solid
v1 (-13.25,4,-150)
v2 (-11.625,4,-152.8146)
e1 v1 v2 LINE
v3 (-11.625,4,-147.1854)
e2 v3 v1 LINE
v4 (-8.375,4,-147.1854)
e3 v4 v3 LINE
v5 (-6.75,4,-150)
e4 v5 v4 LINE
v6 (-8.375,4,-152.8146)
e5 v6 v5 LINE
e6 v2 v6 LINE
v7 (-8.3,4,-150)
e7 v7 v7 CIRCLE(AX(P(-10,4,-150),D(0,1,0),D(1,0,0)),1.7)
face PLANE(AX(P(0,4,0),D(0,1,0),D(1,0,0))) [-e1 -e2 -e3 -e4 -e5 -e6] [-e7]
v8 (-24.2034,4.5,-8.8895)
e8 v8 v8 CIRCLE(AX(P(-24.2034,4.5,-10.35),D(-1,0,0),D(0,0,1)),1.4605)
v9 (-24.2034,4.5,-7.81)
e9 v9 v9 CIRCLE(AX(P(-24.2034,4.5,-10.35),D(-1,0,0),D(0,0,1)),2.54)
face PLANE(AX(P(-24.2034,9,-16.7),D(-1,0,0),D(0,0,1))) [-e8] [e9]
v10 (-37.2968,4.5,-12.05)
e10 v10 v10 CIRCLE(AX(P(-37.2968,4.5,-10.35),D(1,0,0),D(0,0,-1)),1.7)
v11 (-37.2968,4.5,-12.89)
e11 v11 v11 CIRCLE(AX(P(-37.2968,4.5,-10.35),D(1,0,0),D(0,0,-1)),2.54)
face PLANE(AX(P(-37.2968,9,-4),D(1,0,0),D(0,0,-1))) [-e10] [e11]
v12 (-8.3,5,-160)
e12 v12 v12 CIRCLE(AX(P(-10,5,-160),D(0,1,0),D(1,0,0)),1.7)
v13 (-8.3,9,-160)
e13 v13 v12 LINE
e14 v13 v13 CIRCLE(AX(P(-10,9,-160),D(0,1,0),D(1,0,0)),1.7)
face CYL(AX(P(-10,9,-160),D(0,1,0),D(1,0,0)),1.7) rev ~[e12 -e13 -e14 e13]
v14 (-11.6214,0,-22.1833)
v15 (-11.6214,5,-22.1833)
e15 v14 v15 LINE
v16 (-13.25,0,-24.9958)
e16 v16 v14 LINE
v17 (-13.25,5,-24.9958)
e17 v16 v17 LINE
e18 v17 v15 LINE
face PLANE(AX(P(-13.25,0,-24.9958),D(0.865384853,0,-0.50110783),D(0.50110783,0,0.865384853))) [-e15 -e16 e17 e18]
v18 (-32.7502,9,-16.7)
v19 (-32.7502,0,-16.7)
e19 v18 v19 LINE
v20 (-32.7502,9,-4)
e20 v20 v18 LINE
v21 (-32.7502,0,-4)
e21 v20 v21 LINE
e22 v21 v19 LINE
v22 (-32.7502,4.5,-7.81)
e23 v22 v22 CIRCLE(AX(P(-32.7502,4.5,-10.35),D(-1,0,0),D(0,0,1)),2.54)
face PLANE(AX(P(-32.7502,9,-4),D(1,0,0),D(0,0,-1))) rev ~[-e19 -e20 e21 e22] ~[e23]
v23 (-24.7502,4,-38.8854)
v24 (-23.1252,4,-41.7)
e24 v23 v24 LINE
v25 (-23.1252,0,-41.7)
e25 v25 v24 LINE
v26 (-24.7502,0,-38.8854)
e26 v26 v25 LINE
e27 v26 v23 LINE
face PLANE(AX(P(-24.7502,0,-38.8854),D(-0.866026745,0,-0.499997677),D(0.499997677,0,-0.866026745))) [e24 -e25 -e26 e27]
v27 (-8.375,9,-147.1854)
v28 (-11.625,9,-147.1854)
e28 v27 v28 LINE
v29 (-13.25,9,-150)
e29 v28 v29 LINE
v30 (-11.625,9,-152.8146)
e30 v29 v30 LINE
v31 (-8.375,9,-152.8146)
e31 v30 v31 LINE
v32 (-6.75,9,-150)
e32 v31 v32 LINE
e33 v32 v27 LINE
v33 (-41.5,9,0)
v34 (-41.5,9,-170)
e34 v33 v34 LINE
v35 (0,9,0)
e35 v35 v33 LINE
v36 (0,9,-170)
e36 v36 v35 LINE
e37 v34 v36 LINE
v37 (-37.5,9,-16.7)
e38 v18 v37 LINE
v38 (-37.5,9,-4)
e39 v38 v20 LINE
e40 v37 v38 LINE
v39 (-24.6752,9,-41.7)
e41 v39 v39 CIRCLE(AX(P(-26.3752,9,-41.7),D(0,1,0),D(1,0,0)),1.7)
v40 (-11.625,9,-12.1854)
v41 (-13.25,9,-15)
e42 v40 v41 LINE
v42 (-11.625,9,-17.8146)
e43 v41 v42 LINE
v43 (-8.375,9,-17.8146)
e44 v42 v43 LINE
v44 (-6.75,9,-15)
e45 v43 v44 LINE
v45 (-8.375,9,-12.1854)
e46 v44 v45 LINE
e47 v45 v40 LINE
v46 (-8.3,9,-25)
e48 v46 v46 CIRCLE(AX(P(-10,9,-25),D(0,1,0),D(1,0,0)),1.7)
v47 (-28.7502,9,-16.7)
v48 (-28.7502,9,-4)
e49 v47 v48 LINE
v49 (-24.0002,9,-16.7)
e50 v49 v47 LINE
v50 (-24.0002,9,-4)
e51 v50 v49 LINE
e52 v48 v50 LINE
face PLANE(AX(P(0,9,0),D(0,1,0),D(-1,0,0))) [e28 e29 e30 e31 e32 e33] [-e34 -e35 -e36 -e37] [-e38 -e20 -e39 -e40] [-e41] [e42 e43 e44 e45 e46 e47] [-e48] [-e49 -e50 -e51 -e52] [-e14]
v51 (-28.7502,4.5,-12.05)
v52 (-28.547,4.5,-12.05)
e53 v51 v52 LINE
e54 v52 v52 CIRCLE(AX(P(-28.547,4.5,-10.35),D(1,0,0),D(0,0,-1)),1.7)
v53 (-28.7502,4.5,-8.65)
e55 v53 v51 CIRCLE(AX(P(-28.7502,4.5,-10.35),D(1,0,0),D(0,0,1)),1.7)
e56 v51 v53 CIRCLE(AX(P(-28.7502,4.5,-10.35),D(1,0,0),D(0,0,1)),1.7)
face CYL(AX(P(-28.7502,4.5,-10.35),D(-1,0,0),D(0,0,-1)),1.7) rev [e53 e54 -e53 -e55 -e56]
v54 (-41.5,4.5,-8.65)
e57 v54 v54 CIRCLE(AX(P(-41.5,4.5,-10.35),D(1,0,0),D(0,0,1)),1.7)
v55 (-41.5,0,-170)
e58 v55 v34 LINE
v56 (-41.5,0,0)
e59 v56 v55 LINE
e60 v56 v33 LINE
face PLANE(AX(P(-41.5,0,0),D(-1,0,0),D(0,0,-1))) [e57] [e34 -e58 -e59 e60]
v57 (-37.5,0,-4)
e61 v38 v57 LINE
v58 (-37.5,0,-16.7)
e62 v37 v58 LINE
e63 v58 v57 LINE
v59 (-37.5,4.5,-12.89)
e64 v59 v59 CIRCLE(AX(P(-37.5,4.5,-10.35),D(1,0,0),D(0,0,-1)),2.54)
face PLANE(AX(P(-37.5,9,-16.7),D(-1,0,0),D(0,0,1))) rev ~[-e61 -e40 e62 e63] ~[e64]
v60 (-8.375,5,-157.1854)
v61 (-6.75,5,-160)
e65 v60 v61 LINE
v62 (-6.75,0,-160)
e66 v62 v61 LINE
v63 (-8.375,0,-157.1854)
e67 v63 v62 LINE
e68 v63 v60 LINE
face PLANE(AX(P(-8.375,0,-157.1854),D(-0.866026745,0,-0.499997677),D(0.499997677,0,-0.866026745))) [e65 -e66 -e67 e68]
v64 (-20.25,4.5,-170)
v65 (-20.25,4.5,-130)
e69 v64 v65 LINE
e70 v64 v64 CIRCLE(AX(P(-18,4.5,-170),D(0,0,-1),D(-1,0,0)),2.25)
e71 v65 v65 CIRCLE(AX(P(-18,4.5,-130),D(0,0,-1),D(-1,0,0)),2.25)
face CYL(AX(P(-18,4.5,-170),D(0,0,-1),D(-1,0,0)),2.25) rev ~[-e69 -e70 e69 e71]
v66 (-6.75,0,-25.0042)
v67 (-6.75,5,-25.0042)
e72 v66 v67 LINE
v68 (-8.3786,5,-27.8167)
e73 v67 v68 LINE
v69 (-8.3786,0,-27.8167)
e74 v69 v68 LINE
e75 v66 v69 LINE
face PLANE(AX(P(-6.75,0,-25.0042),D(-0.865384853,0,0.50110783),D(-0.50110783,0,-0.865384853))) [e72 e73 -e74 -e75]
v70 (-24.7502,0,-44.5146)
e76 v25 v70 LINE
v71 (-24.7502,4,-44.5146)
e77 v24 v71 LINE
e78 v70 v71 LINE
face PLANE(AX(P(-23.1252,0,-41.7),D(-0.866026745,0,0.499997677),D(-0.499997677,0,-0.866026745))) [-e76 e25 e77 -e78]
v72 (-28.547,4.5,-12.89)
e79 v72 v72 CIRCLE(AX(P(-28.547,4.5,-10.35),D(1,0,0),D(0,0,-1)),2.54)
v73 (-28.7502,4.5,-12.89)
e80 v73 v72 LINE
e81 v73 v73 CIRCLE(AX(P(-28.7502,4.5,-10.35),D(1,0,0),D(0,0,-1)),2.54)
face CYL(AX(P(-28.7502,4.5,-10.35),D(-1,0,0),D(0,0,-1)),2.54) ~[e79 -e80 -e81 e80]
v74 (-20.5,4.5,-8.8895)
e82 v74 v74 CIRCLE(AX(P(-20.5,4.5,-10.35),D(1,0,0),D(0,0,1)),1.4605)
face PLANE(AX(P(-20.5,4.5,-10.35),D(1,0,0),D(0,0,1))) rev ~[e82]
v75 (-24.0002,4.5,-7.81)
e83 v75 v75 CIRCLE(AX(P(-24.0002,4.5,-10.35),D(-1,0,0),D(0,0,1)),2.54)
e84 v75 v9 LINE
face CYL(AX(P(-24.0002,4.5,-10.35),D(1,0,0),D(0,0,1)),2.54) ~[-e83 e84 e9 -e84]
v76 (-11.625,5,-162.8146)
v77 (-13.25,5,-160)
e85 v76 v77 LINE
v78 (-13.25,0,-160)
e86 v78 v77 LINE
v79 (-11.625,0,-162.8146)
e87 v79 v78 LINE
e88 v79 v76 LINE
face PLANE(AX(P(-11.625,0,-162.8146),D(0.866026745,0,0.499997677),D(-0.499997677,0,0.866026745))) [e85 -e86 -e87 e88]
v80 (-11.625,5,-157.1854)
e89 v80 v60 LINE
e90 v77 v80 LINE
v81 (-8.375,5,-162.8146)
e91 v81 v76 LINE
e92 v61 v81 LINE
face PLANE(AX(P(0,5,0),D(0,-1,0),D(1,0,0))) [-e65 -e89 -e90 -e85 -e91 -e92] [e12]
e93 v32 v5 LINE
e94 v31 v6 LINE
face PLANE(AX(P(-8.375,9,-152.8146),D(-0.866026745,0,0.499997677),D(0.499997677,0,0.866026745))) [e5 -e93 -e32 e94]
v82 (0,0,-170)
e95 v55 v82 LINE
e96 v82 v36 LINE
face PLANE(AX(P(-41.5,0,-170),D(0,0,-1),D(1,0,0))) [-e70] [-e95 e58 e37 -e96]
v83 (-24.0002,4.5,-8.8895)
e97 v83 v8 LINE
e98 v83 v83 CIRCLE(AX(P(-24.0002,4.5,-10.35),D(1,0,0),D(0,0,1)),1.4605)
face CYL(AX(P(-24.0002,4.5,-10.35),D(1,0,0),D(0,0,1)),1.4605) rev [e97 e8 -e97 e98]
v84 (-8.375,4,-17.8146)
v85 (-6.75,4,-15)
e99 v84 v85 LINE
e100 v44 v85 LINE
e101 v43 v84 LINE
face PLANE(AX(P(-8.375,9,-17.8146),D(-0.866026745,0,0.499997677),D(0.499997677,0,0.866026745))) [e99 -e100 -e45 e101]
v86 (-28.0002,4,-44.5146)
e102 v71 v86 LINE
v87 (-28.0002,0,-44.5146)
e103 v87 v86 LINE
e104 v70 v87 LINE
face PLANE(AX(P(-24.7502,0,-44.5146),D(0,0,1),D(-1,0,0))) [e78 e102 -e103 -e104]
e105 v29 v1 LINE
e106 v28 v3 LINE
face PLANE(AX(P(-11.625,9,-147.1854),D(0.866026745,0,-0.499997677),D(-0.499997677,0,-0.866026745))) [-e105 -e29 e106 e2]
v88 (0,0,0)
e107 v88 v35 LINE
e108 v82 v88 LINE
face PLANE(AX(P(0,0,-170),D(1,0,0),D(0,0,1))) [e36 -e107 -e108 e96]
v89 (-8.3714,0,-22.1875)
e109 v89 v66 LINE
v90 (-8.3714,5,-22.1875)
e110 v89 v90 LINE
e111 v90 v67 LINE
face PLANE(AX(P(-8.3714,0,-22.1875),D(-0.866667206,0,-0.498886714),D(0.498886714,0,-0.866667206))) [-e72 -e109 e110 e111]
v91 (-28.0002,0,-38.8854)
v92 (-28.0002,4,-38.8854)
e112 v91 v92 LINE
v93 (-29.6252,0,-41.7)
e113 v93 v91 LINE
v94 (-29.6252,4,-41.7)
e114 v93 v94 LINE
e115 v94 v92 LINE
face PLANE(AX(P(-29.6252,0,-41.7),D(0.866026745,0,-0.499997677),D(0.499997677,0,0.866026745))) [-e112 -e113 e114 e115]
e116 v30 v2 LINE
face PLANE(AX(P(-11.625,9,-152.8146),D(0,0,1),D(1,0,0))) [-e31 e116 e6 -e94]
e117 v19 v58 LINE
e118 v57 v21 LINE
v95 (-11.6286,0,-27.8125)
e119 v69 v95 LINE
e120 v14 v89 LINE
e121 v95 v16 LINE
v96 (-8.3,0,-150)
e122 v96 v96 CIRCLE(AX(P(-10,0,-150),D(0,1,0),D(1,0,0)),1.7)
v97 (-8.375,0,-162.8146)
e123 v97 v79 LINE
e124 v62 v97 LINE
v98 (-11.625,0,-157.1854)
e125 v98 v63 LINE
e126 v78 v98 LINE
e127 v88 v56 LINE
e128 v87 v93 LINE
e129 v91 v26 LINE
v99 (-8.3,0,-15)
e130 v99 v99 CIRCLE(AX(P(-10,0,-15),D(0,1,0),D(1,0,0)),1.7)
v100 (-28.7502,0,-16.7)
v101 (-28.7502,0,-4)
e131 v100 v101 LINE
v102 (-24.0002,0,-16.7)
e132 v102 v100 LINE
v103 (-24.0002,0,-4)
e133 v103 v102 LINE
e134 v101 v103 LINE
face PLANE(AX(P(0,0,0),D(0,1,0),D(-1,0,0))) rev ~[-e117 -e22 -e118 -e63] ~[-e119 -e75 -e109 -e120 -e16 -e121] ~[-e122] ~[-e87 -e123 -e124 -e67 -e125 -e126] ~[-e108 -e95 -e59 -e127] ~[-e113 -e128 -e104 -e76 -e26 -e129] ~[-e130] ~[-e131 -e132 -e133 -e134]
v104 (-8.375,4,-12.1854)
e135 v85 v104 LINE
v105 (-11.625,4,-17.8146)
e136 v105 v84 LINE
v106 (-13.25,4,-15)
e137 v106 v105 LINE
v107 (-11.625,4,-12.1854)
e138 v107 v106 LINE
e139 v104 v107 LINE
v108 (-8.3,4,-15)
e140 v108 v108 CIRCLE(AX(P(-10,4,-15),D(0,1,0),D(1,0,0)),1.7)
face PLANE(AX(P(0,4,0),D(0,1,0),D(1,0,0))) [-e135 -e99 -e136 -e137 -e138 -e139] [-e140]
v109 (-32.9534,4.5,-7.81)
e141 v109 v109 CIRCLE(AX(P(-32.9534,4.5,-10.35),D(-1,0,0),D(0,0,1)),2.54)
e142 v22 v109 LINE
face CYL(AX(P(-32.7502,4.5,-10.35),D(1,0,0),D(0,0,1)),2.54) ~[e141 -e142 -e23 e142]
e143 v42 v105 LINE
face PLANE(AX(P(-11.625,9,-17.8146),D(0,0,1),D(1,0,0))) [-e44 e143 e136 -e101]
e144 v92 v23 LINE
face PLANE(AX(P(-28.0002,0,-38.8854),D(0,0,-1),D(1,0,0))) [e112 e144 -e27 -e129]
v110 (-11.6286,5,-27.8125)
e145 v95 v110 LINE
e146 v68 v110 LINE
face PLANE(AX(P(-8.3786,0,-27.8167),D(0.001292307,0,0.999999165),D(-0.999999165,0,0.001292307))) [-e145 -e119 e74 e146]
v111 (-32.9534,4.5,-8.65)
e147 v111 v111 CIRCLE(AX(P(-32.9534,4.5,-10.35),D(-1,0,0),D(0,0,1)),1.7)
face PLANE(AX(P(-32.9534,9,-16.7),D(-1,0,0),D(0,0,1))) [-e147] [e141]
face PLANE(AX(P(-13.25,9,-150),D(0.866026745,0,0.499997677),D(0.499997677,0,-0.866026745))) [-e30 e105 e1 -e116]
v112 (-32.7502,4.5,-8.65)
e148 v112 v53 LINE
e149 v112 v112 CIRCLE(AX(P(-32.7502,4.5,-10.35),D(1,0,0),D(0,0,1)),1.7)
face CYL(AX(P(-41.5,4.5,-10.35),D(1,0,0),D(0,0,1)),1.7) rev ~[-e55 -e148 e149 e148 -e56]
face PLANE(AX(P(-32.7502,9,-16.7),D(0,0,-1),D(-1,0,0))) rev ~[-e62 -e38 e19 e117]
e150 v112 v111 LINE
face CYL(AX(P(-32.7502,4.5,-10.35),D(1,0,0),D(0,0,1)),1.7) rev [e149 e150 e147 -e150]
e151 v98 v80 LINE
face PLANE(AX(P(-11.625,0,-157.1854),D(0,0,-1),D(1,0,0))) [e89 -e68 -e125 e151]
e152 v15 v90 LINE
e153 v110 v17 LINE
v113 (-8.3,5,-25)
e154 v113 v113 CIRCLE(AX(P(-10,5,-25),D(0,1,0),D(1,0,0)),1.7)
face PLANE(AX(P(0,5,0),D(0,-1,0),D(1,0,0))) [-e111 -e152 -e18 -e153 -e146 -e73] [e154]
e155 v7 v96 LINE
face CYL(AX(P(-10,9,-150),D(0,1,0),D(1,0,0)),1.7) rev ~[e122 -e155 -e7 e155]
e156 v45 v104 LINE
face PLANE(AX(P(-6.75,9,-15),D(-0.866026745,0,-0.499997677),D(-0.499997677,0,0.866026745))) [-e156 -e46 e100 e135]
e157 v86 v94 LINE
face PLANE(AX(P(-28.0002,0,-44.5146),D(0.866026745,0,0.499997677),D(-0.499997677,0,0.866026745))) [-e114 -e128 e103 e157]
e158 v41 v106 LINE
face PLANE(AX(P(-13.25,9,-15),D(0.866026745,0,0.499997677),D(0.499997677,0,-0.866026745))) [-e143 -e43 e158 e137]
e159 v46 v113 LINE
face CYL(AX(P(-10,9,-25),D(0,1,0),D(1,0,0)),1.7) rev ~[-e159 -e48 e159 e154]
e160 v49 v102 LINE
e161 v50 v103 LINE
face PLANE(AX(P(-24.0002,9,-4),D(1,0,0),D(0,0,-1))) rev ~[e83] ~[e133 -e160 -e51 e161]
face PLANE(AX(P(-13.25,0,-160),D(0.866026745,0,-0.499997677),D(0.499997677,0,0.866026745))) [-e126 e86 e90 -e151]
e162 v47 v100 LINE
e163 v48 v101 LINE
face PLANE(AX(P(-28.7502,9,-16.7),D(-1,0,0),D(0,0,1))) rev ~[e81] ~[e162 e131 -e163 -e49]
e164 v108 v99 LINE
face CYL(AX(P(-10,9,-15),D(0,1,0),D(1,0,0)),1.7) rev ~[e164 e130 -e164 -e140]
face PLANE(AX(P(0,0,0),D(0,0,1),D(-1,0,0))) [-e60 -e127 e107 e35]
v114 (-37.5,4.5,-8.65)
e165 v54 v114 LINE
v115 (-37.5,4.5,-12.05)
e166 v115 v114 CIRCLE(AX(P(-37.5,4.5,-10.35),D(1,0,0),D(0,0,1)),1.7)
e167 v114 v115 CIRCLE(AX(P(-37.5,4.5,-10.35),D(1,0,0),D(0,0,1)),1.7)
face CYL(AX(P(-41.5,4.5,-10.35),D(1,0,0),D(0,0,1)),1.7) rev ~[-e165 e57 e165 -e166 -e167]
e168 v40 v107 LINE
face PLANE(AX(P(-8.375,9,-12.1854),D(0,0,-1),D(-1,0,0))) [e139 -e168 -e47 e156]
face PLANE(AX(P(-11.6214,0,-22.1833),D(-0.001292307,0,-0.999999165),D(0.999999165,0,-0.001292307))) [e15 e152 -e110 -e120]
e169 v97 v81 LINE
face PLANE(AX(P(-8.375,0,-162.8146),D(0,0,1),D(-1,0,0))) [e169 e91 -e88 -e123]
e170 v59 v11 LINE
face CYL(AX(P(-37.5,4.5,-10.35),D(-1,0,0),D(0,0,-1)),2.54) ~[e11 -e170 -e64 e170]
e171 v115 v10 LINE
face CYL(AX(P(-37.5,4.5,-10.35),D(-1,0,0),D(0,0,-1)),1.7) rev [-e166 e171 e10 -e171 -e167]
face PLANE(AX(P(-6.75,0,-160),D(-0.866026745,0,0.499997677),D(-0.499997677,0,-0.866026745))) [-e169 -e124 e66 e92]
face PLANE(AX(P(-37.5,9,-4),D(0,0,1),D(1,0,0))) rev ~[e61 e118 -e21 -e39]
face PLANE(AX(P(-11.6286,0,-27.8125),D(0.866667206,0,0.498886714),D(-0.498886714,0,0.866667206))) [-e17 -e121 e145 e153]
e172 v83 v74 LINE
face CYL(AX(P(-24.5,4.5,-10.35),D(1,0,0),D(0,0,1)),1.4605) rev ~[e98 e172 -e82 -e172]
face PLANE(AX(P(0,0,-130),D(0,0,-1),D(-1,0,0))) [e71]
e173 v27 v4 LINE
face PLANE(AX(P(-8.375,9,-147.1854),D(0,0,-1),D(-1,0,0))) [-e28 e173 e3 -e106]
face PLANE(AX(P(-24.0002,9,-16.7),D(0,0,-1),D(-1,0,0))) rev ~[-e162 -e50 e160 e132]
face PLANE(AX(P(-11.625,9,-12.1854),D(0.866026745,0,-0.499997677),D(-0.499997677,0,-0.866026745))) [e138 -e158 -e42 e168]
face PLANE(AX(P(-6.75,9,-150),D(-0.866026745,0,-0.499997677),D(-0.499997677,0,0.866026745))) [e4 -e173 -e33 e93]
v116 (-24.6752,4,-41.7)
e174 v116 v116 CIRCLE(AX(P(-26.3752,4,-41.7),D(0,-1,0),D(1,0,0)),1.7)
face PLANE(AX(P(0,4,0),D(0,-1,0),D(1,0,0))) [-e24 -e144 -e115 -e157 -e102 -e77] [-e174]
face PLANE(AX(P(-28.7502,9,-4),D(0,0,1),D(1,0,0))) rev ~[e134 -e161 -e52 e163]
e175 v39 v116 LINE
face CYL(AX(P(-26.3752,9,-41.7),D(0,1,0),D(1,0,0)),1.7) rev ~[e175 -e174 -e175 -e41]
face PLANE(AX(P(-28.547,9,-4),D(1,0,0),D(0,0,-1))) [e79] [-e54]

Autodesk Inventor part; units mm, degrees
ref_plane "YZ Plane" through (0, 0, 0) normal (1, 0, 0) x (0, 1, 0)
ref_plane "XZ Plane" through (0, 0, 0) normal (0, 1, 0) x (-1, 0, 0)
ref_plane "XY Plane" through (0, 0, 0) normal (0, 0, 1) x (1, 0, 0)
sketch "Sketch1" plane through (0, 0, 0) normal (0, 1, 0) x (-1, 0, 0)
  line L0 (0, 0) -> (41.5, 0)
  line L1 (41.5, 0) -> (41.5, -170)
  line L2 (41.5, -170) -> (0, -170)
  line L3 (0, -170) -> (0, 0)
  dimension "d0" = 41.5
  dimension "d1" = 170
extrude "Extrusion1" add sketch "Sketch1" along normal blind 9
sketch "Sketch2" plane through (0, 9, 0) normal (0, 1, 0) x (1, 0, 0)
  circle A0 centre (-10, 15) radius 3.25 construction
  line L0 (-41.5, 0) -> (0, 0) projected
  line L1 (0, 0) -> (0, 170) projected
  line L2 (-13.25, 15) -> (-11.625, 17.8146)
  line L3 (-11.625, 17.8146) -> (-8.375, 17.8146)
  line L4 (-8.375, 17.8146) -> (-6.75, 15)
  line L5 (-6.75, 15) -> (-8.375, 12.1854)
  line L6 (-8.375, 12.1854) -> (-11.625, 12.1854)
  line L7 (-11.625, 12.1854) -> (-13.25, 15)
  circle A1 centre (-10, 150) radius 3.25 construction
  line L8 (-13.25, 150) -> (-11.625, 152.8146)
  line L9 (-11.625, 152.8146) -> (-8.375, 152.8146)
  line L10 (-8.375, 152.8146) -> (-6.75, 150)
  line L11 (-6.75, 150) -> (-8.375, 147.1854)
  line L12 (-8.375, 147.1854) -> (-11.625, 147.1854)
  line L13 (-11.625, 147.1854) -> (-13.25, 150)
  line L14 (0, 170) -> (-41.5, 170) projected
  circle A2 centre (-10, 15) radius 1.7 construction
  circle A3 centre (-10, 150) radius 1.7 construction
  dimension "d7" = 6.5
  dimension "d10" = 6.5
  dimension "d23" = 135
  dimension "d24" = 15
  dimension "d25" = 10
  dimension "d28" = 3.4
  dimension "d29" = 3.4
extrude "Extrusion2" cut sketch "Sketch2" against normal blind 5
sketch "Sketch3" plane through (0, 0, 0) normal (0, -1, 0) x (1, 0, 0)
  circle A0 centre (-10, -25) radius 3.25 construction
  line L0 (0, 0) -> (-41.5, 0) projected
  line L1 (-41.5, 0) -> (-41.5, -170) projected
  line L2 (-11.6286, -27.8125) -> (-13.25, -24.9958)
  line L3 (-13.25, -24.9958) -> (-11.6214, -22.1833)
  line L4 (-11.6214, -22.1833) -> (-8.3714, -22.1875)
  line L5 (-8.3714, -22.1875) -> (-6.75, -25.0042)
  line L6 (-6.75, -25.0042) -> (-8.3786, -27.8167)
  line L7 (-8.3786, -27.8167) -> (-11.6286, -27.8125)
  circle A1 centre (-10, -160) radius 3.25 construction
  line L8 (-6.75, -160) -> (-8.375, -162.8146)
  line L9 (-8.375, -162.8146) -> (-11.625, -162.8146)
  line L10 (-11.625, -162.8146) -> (-13.25, -160)
  line L11 (-13.25, -160) -> (-11.625, -157.1854)
  line L12 (-11.625, -157.1854) -> (-8.375, -157.1854)
  line L13 (-8.375, -157.1854) -> (-6.75, -160)
  line L14 (0, -170) -> (0, 0) projected
  dimension "d15" = 6.5
  dimension "d18" = 6.5
  dimension "d16" = 25
  dimension "d19" = 135
  dimension "d26" = 10
  dimension "d27" = 10
extrude "Extrusion3" cut sketch "Sketch3" against normal blind 5
sketch "Sketch5" plane through (0, 9, 0) normal (0, 1, 0) x (1, 0, 0)
  circle A0 centre (-10, 15) radius 1.7
  line L0 (0, 0) -> (0, 170) projected
  line L1 (-41.5, 0) -> (0, 0) projected
  circle A1 centre (-10, 150) radius 1.7
  circle A2 centre (-10, 25) radius 1.7
  circle A3 centre (-10, 160) radius 1.7
  dimension "d30" = 3.4
  dimension "d31" = 10
  dimension "d32" = 15
  dimension "d33" = 3.4
  dimension "d34" = 10
  dimension "d35" = 135
  dimension "d36" = 3.4
  dimension "d37" = 25
  dimension "d38" = 3.4
  dimension "d39" = 10
  dimension "d40" = 135
extrude "Extrusion4" cut sketch "Sketch5" against normal through all
sketch "Sketch6" plane through (0, 9, 0) normal (0, 1, 0) x (1, 0, 0)
  line L0 (-37.5, 4) -> (-32.7502, 4)
  line L1 (-32.7502, 4) -> (-32.7502, 16.7)
  line L2 (-32.7502, 16.7) -> (-37.5, 16.7)
  line L3 (-37.5, 16.7) -> (-37.5, 4)
  line L4 (-41.5, 0) -> (0, 0) projected
  line L5 (-41.5, 170) -> (-41.5, 0) projected
  line L6 (-28.7502, 4) -> (-24.0002, 4)
  line L7 (-24.0002, 4) -> (-24.0002, 16.7)
  line L8 (-24.0002, 16.7) -> (-28.7502, 16.7)
  line L9 (-28.7502, 16.7) -> (-28.7502, 4)
  line L10 (0, 0) -> (0, 170) construction
  line L11 (-41.5, 170) -> (0, 170) projected
  line L12 (0, 0) -> (-20, 0) construction
  line L13 (-20, 0) -> (-20, 170) construction
  line L14 (-20, 170) -> (0, 170) construction
  line L15 (0, 170) -> (0, 0)
  circle A0 centre (-26.3752, 41.7) radius 1.7
  dimension "d43" = 4.7498
  dimension "d44" = 12.7
  dimension "d45" = 4
  dimension "d46" = 4
  dimension "d47" = 4.75
  dimension "d48" = 4
  dimension "d49" = 20
  dimension "d50" = 3.4
  dimension "d51" = 25
extrude "Extrusion5" cut sketch "Sketch6" against normal through all contours L3 L2 L1 L0 | L9 L8 L7 L6 | A0
sketch "Sketch7" plane through (0, 0, 0) normal (0, -1, 0) x (1, 0, 0)
  circle A0 centre (-26.3752, -41.7) radius 1.7 projected
  circle A1 centre (-26.3752, -41.7) radius 3.25 construction
  line L0 (-23.1252, -41.7) -> (-24.7502, -44.5146)
  line L1 (-24.7502, -44.5146) -> (-28.0002, -44.5146)
  line L2 (-28.0002, -44.5146) -> (-29.6252, -41.7)
  line L3 (-29.6252, -41.7) -> (-28.0002, -38.8854)
  line L4 (-28.0002, -38.8854) -> (-24.7502, -38.8854)
  line L5 (-24.7502, -38.8854) -> (-23.1252, -41.7)
  point P0 (0, 0)
  dimension "d54" = 6.5
extrude "Extrusion6" cut sketch "Sketch7" against normal blind 4
sketch "Sketch8" plane through (-41.5, 0, -170) normal (-1, 0, 0) x (0, 0, 1)
  circle A0 centre (159.65, 4.5) radius 1.4605
  line L0 (0, 9) -> (170, 9) projected
  line L1 (170, 0) -> (170, 9) projected
  dimension "d57" = 2.921
  dimension "d58" = 4.5
  dimension "d59" = 10.35
hole "Hole1" at (-41.5, 4.5, -10.35) direction (1, 0, 0) diameter 2.921 depth 21 counterbore diameter 3.4 counterbore depth 17
sketch "Sketch9" plane through (-24.0002, 9, -16.7) normal (-1, 0, 0) x (0, 0, 1)
  circle A0 centre (6.35, -4.5) radius 1.4605 projected
  circle A1 centre (6.35, -4.5) radius 2.54
  point P0 (16.7, -9)
  dimension "d67" = 5.08
extrude "Extrusion7" add sketch "Sketch9" along normal blind 0.2032
sketch "Sketch10" plane through (-32.7502, 9, -16.7) normal (-1, 0, 0) x (0, 0, 1)
  circle A0 centre (6.35, -4.5) radius 1.7 projected
  circle A1 centre (6.35, -4.5) radius 2.54
  point P0 (16.7, -9)
  dimension "d70" = 5.08
extrude "Extrusion8" add sketch "Sketch10" along normal blind 0.2032
sketch "Sketch11" plane through (-28.7502, 9, -4) normal (1, 0, 0) x (0, 0, -1)
  circle A0 centre (6.35, -4.5) radius 1.7 projected
  circle A1 centre (6.35, -4.5) radius 2.54
  point P0 (-4, -9)
  dimension "d73" = 5.08
extrude "Extrusion9" add sketch "Sketch11" along normal blind 0.2032
sketch "Sketch12" plane through (-37.5, 9, -4) normal (1, 0, 0) x (0, 0, -1)
  circle A0 centre (6.35, -4.5) radius 1.7 projected
  circle A1 centre (6.35, -4.5) radius 2.54
  point P0 (-4, -9)
  dimension "d76" = 5.08
extrude "Extrusion10" add sketch "Sketch12" along normal blind 0.2032
sketch "Sketch14" plane through (0, 0, -170) normal (0, 0, -1) x (-1, 0, 0)
  circle A0 centre (18, 4.5) radius 2.25
  line L0 (41.5, 0) -> (0, 0) projected
  line L1 (0, 0) -> (0, 9) projected
  dimension "d82" = 4.5
  dimension "d83" = 4.5
  dimension "d84" = 18
extrude "Extrusion11" cut sketch "Sketch14" against normal blind 40
properties part number "Top cuppler"
